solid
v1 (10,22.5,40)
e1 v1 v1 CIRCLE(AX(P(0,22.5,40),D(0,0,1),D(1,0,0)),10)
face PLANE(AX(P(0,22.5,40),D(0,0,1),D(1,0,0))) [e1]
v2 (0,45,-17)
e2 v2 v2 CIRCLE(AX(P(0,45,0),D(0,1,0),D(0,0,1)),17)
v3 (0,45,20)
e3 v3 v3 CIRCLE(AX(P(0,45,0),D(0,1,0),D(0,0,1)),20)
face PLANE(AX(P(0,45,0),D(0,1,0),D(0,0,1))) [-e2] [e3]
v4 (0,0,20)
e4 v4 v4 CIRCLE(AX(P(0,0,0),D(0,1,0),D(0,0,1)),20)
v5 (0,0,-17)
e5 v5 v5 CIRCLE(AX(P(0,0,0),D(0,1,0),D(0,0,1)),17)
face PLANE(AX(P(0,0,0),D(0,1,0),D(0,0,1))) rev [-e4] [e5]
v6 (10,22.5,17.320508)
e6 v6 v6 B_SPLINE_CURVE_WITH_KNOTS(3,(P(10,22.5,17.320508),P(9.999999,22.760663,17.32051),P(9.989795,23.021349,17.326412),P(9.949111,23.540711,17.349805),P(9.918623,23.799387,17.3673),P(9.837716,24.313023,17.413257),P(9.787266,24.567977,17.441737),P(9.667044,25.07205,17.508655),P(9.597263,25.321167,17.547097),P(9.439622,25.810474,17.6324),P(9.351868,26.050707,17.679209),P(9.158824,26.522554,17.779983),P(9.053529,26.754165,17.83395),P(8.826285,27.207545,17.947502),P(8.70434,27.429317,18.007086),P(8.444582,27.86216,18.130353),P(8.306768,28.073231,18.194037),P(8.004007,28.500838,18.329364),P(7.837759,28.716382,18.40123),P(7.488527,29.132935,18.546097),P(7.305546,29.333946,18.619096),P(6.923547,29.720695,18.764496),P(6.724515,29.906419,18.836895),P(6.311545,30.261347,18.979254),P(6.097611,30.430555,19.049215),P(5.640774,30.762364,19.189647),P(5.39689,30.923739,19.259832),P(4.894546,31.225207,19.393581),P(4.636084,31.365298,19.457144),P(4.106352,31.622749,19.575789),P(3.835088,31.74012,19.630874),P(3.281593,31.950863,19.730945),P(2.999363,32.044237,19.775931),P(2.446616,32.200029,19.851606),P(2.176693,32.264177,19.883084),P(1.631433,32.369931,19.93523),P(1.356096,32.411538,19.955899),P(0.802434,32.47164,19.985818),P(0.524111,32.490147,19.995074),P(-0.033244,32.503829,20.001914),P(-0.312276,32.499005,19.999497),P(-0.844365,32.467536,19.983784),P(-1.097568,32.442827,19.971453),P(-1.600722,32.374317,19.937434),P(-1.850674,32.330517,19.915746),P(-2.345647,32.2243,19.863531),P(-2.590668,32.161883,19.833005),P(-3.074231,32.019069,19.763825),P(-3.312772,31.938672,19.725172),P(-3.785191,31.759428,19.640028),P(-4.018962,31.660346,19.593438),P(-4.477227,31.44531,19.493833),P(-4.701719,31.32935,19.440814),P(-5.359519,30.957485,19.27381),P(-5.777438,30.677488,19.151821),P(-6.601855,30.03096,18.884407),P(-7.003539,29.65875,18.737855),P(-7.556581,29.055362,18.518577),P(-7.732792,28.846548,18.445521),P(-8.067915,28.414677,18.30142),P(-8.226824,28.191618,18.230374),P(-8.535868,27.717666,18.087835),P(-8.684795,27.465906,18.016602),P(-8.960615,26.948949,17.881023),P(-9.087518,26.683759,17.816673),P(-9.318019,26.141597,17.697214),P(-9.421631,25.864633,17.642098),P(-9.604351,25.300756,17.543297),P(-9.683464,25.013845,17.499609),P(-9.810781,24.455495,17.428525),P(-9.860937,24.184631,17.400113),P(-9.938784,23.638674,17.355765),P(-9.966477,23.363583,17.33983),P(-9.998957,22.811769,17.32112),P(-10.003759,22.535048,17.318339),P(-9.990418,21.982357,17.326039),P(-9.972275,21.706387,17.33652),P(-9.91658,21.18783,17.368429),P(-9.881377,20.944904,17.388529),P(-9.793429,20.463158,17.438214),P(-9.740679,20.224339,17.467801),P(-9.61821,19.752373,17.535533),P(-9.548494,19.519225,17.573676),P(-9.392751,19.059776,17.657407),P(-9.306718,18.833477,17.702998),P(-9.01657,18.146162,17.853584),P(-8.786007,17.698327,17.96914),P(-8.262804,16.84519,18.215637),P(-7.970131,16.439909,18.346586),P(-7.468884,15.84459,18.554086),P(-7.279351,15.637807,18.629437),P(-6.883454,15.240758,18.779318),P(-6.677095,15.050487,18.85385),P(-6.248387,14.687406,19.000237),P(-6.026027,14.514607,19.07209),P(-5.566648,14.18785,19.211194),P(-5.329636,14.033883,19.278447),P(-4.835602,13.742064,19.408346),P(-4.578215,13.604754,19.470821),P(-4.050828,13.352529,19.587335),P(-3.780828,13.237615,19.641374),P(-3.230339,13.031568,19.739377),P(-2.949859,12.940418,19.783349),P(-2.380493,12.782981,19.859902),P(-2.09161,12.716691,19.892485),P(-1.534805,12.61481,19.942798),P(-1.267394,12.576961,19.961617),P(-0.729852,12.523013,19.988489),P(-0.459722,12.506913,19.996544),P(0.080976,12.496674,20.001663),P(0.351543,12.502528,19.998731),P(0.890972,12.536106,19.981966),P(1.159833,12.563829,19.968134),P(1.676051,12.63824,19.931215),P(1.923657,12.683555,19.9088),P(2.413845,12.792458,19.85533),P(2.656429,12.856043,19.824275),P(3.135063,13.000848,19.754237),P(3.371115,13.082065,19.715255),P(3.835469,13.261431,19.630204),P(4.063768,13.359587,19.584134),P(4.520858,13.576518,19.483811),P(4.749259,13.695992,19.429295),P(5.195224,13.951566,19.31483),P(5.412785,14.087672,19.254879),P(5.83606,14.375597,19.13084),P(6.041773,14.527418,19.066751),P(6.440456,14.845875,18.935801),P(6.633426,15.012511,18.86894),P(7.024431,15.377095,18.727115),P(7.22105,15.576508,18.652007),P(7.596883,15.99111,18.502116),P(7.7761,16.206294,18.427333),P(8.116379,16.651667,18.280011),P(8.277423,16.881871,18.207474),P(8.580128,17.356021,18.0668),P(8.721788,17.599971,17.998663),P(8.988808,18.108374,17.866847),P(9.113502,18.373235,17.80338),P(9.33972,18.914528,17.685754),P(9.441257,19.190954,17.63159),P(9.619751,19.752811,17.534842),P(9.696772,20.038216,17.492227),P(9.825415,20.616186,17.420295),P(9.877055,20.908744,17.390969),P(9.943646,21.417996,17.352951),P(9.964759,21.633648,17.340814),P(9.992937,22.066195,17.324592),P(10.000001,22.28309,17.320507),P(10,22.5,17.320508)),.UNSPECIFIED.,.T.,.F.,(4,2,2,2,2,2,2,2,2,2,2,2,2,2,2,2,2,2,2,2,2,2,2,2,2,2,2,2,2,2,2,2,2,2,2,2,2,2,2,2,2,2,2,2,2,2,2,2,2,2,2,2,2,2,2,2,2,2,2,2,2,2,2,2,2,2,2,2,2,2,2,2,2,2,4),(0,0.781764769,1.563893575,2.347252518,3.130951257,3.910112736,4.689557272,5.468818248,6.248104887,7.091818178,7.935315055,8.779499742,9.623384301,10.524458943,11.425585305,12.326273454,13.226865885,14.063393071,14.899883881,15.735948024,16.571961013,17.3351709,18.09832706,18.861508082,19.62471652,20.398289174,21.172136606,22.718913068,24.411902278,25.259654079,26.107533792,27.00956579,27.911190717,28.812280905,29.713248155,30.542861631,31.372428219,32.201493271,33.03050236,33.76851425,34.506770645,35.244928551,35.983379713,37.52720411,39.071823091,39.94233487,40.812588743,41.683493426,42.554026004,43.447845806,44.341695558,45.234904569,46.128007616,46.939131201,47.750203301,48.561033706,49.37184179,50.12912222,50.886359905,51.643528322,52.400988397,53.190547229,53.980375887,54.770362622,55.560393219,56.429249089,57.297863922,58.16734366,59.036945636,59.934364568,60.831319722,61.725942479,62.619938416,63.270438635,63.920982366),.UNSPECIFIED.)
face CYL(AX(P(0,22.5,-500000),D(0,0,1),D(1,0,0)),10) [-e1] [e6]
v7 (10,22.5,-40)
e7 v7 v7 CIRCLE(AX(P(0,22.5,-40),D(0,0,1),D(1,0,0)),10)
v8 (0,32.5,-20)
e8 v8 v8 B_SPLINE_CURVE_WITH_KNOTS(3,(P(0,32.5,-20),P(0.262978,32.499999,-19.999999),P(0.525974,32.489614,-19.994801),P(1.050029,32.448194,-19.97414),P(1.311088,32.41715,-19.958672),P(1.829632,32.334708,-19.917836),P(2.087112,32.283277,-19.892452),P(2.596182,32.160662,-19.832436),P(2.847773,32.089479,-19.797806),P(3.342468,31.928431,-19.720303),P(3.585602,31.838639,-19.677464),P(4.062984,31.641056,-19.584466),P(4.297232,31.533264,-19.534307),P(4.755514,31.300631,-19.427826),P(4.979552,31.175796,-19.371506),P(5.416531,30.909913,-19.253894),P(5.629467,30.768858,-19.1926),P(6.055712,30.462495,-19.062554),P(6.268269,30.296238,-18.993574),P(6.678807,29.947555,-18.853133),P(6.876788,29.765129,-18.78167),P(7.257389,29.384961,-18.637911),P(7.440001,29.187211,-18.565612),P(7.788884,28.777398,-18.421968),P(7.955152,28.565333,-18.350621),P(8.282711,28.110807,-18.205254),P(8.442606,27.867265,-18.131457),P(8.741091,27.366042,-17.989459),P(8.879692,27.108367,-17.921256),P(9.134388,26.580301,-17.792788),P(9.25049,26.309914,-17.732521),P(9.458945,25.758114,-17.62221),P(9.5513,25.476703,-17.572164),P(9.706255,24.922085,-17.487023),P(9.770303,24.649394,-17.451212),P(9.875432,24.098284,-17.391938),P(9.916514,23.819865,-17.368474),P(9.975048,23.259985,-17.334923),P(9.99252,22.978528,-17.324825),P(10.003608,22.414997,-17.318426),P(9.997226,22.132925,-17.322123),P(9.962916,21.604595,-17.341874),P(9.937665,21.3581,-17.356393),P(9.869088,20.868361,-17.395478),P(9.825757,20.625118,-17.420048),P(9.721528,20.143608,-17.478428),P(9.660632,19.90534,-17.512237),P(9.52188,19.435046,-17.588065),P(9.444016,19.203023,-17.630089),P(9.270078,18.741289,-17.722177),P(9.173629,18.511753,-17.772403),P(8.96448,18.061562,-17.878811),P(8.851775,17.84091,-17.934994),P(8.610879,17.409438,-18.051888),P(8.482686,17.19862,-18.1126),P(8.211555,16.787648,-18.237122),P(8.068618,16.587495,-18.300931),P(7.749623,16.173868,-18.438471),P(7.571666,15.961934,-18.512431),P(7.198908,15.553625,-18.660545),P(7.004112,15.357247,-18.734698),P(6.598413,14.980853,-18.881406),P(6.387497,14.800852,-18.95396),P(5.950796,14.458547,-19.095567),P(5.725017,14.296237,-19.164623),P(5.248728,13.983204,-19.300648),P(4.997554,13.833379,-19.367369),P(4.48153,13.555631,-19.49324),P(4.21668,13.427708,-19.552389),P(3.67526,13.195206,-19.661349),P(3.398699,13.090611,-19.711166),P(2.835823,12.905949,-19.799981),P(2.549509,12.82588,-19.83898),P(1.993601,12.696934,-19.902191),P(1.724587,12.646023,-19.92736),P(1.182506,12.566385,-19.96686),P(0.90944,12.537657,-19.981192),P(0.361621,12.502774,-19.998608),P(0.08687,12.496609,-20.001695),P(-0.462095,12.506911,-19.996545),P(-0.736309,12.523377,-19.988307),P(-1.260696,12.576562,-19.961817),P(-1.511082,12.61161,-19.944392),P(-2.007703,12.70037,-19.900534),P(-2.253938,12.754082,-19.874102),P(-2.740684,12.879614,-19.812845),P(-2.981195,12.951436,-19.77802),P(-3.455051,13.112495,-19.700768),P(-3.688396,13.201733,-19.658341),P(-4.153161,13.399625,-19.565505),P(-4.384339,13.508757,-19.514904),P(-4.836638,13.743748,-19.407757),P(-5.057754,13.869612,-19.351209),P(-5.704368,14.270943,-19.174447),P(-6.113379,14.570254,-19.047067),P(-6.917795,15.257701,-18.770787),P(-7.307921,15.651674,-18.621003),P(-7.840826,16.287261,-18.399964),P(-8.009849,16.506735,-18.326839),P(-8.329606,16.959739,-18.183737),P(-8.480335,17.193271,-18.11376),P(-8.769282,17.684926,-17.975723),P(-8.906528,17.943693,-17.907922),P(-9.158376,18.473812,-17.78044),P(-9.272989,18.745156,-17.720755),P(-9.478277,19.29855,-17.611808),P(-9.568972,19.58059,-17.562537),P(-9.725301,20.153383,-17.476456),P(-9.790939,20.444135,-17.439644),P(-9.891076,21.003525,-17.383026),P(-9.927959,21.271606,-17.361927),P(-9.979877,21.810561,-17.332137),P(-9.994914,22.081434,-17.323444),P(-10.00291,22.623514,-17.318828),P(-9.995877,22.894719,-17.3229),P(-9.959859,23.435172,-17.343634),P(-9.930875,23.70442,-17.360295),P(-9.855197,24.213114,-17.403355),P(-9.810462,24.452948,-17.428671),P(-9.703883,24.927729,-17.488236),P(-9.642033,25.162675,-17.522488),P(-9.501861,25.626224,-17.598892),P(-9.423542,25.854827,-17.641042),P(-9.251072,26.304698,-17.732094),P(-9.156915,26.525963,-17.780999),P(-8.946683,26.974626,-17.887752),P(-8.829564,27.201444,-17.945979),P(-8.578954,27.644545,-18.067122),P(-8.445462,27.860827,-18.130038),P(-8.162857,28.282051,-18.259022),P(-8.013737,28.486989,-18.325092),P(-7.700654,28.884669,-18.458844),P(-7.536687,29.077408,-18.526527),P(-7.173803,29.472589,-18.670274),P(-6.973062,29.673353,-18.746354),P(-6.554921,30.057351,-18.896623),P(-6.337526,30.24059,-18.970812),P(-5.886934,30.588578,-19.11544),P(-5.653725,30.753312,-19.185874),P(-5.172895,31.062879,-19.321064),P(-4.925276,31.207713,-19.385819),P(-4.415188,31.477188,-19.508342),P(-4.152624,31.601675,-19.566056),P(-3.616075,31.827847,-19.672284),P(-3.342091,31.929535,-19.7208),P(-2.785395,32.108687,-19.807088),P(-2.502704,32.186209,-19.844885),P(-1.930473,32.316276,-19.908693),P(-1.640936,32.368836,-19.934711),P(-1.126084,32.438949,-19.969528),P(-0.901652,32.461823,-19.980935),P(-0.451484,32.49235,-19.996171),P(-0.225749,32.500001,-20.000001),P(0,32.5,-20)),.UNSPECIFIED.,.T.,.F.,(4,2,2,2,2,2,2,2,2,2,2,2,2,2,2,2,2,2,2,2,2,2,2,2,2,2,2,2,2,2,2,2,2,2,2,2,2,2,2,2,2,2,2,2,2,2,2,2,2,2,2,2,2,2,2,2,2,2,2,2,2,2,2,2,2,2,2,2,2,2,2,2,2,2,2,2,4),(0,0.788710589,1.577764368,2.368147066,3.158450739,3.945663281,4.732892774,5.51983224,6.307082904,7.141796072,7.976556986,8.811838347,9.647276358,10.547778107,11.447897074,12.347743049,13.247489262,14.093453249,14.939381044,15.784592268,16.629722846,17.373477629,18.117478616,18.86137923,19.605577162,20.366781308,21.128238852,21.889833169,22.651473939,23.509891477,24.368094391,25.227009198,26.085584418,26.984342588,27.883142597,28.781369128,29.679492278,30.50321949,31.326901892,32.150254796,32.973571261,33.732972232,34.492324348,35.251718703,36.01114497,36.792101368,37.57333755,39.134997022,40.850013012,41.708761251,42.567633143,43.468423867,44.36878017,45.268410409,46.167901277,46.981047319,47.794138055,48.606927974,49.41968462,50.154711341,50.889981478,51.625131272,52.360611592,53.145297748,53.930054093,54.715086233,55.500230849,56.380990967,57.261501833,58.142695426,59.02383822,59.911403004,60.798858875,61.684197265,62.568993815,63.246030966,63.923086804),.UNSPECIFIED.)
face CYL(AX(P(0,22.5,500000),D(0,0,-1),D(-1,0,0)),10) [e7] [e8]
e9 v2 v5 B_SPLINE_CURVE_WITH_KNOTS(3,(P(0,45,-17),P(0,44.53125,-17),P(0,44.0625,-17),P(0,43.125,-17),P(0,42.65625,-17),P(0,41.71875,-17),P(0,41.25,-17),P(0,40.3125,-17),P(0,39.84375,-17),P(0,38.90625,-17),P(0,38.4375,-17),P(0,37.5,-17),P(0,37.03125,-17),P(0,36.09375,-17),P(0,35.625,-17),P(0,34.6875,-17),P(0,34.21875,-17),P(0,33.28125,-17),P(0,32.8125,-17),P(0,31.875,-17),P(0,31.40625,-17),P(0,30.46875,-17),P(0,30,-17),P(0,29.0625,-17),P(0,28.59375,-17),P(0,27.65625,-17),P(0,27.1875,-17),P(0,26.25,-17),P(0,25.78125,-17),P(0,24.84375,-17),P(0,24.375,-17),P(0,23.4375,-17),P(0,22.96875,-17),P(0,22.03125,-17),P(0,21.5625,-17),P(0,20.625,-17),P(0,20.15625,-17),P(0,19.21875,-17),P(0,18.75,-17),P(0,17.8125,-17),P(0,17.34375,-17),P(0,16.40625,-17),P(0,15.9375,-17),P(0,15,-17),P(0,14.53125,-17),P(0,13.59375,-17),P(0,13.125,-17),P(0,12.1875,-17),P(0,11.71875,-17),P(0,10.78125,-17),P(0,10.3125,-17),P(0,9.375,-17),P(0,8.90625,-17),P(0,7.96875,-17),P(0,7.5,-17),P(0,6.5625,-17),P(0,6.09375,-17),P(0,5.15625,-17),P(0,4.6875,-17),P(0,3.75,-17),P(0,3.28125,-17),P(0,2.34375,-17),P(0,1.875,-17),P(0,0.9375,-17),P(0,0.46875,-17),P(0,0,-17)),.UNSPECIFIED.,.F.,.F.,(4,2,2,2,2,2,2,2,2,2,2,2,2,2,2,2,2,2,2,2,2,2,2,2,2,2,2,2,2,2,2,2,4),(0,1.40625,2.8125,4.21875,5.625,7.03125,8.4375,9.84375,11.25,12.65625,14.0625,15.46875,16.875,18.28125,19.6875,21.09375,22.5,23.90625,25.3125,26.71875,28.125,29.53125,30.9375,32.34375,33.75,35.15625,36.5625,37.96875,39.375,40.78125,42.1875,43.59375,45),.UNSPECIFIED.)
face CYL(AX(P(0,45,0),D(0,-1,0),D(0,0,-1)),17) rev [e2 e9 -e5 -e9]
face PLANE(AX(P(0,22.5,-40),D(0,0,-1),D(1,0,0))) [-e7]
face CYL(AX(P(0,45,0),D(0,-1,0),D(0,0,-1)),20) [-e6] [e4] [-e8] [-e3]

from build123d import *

# Parameters (mm, degrees)
SKETCH_2_R           = 20
SKETCH_2_R_2         = 17
EXTRUDE_1_DEPTH      = 45
EXTRUDE_2_REACH      = 79.621
EXTRUDE_2_END_RADIUS = 20
SKETCH_3_R           = 10


with BuildPart() as part:
    # 草图2 → 凸台-拉伸1 (new body)
    with BuildSketch(Plane(origin=(0, 0, 0), x_dir=(1, 0, 0), z_dir=(0, 1, 0))):
        with Locations(Location((0, 0, 0), (0, 0, 90))):
            Circle(SKETCH_2_R)
        with Locations(Location((0, 0, 0), (0, 0, 90))):
            Circle(SKETCH_2_R_2, mode=Mode.SUBTRACT)
    extrude(amount=EXTRUDE_1_DEPTH)

    # 凸台-拉伸2: up to this cylinder (the profile starts outside it)
    extrude_2_end = Plane(origin=(0, 22.5, 0), z_dir=(0, -1, 0)) * Cylinder(EXTRUDE_2_END_RADIUS, 200.242, mode=Mode.PRIVATE)
    # 草图3 → 凸台-拉伸2 (add, up to the surface)
    with BuildSketch(Plane.XY.offset(40), mode=Mode.PRIVATE) as extrude_2_sk1:
        with Locations((0, 22.5)):
            Circle(SKETCH_3_R)
    extrude_2_tool1 = extrude(extrude_2_sk1.sketch, amount=-EXTRUDE_2_REACH, mode=Mode.PRIVATE) - extrude_2_end
    extrude_2 = extrude_2_tool1.solids().sort_by_distance((0, 22.5, 40))[0]
    add(extrude_2)

    # 镜向2: 凸台-拉伸2 across plane
    add(extrude_2.mirror(Plane.XY))


solid = part.part
